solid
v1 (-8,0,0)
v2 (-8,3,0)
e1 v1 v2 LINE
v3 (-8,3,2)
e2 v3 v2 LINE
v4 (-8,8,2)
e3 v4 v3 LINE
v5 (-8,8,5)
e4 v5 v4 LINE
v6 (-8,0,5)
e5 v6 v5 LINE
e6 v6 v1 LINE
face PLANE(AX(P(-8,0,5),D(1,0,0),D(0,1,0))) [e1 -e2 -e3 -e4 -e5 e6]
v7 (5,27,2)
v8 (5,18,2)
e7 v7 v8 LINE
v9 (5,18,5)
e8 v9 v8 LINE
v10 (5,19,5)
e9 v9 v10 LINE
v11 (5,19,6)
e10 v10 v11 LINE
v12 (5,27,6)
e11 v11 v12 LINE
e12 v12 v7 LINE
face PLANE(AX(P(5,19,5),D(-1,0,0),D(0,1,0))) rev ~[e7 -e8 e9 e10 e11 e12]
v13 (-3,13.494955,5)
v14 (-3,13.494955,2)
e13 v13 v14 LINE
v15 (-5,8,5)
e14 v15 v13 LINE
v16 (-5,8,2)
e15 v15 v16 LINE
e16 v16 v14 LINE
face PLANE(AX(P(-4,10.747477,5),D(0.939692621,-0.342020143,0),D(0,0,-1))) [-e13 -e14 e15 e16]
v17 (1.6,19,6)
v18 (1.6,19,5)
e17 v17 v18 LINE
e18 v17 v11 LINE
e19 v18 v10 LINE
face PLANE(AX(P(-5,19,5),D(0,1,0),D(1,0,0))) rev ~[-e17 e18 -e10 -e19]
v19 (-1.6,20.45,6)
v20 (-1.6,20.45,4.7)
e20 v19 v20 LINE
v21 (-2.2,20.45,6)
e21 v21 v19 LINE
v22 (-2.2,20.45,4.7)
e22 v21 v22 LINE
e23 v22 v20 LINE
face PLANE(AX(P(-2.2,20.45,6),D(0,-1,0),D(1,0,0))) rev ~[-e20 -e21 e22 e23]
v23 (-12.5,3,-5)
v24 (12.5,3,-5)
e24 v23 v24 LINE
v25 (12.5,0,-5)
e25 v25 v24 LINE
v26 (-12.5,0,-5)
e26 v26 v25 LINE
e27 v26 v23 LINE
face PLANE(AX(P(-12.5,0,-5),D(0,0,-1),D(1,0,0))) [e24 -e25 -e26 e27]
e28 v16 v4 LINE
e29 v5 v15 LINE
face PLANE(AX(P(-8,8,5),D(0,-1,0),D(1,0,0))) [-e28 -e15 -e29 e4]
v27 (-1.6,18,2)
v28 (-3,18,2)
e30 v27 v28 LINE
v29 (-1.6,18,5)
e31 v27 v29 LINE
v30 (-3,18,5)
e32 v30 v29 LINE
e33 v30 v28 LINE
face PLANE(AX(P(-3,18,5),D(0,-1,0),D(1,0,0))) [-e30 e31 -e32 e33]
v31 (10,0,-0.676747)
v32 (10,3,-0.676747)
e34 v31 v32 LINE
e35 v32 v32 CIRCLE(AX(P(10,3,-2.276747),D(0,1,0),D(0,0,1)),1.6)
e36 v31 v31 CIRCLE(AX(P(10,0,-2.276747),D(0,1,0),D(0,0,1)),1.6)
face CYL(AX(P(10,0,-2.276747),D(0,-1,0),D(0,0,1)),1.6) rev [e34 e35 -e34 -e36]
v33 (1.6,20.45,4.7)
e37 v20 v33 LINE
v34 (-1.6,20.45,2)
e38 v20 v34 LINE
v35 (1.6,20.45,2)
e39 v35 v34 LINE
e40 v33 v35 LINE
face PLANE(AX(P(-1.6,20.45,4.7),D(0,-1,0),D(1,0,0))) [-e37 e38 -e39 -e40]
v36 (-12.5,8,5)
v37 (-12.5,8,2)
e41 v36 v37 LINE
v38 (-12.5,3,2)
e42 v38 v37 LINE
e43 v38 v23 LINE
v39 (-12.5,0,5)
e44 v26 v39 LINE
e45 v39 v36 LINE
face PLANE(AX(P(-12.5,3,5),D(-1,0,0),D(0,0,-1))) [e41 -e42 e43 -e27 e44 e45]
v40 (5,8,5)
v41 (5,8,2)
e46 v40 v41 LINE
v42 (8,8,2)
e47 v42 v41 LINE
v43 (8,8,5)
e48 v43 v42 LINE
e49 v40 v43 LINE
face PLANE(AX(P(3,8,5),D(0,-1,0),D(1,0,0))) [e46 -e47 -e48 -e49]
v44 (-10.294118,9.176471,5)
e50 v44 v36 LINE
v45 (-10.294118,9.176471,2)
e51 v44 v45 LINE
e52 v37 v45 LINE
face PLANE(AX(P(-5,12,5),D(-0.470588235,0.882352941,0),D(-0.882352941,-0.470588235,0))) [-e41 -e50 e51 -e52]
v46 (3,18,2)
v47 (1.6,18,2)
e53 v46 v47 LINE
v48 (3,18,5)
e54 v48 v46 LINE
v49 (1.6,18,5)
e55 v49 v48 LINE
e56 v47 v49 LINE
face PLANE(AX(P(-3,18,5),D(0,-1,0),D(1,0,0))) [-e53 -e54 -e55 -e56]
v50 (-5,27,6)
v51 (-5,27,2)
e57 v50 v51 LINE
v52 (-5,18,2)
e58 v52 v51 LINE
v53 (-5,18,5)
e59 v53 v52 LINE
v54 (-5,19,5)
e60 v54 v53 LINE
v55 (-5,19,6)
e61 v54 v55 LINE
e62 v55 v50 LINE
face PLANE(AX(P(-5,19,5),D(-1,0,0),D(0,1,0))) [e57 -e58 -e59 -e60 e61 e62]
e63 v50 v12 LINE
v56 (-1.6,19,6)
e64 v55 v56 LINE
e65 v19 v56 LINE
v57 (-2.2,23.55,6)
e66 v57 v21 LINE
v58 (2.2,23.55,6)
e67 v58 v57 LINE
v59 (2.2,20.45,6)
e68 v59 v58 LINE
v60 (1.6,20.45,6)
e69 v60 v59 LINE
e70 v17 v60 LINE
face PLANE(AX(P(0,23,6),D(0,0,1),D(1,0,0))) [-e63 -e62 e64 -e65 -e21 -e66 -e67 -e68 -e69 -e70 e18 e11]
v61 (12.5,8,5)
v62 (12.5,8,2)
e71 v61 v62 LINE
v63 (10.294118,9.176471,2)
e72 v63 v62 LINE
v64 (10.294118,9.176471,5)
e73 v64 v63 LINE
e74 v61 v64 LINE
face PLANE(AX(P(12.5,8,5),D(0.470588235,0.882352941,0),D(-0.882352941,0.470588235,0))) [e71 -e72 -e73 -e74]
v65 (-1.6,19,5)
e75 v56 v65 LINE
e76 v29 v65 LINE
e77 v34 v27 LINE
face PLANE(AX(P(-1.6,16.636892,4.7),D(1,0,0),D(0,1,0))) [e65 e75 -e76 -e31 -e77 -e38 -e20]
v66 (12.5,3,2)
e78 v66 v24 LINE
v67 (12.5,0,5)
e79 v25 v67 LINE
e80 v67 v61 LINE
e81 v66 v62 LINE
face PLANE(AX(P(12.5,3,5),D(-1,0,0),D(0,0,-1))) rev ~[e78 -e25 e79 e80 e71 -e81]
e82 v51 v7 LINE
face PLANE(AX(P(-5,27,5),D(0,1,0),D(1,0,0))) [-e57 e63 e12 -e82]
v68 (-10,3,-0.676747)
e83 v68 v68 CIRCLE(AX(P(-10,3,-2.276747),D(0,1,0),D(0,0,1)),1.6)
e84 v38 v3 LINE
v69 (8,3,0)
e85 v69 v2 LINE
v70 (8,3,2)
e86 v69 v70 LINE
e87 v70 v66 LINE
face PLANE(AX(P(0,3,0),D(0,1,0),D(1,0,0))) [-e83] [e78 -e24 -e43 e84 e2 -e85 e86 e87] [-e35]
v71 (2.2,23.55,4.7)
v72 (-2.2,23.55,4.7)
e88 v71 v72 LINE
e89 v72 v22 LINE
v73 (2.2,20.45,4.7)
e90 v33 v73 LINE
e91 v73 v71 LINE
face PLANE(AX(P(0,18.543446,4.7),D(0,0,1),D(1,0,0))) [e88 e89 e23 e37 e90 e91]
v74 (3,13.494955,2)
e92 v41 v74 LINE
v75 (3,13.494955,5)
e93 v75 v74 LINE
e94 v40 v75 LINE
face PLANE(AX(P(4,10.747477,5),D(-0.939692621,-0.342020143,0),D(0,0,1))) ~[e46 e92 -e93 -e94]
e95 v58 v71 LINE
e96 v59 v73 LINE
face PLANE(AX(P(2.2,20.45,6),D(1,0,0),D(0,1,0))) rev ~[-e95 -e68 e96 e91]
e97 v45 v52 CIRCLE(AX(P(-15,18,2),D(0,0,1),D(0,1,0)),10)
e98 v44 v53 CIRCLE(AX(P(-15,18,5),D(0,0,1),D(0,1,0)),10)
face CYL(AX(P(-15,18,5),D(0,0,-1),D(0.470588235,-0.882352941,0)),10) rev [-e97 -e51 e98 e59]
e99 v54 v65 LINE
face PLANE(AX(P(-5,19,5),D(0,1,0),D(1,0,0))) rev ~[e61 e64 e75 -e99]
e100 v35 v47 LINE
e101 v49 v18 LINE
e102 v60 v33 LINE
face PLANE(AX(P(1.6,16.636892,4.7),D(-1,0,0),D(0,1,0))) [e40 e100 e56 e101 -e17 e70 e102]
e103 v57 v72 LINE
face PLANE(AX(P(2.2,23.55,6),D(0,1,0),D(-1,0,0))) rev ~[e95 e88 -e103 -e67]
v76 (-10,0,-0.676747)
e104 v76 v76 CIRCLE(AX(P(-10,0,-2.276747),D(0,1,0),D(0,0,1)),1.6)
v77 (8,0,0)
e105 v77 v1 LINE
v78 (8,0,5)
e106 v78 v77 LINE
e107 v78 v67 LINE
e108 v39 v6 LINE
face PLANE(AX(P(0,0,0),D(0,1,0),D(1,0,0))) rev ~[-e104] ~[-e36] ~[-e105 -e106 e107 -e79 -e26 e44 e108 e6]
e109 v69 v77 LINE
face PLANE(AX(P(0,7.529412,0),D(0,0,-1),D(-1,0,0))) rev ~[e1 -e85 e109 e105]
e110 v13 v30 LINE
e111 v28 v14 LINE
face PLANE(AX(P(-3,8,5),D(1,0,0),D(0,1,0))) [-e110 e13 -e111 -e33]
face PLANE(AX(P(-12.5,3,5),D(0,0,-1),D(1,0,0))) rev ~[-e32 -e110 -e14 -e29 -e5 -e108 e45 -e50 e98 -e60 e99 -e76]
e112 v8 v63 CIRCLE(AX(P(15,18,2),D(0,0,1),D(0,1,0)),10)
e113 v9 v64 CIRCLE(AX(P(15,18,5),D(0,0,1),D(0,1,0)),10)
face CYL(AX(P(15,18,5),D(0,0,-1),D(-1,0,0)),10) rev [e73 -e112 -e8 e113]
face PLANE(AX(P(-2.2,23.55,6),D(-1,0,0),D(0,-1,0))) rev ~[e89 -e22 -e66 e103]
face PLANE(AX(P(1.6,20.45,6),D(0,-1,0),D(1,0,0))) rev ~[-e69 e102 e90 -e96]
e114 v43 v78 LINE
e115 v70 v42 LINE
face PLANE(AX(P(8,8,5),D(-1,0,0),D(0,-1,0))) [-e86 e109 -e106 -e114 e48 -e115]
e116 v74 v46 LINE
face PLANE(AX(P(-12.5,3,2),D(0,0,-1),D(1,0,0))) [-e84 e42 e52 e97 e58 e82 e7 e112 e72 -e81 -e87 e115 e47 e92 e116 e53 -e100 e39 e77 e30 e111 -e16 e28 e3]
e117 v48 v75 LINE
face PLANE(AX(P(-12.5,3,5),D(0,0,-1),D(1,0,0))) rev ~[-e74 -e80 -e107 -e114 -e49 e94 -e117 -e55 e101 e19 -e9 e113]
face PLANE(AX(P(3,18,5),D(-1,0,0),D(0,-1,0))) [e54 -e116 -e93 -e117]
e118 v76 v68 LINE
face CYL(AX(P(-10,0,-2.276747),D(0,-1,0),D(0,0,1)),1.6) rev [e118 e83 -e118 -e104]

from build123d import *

# Parameters (mm, degrees)
SKETCH7_W               = 25
SKETCH7_H               = 10
SKETCH7_R               = 1.6
BOSS_EXTRUDE3_DEPTH     = 3
SKETCH8_W               = 25
SKETCH8_H               = 3
BOSS_EXTRUDE4_DEPTH     = 24
CUT_EXTRUDE5_DEPTH      = 5
SKETCH10_OUTSIDE_W      = 34.626
SKETCH10_OUTSIDE_H      = 36.626
CUT_EXTRUDE6_DEPTH      = 5
SKETCH11_W              = 10
SKETCH11_H              = 8
BOSS_EXTRUDE5_DEPTH     = 1
CHAMFER1_SIZE           = 2
CHAMFER1_SIZE2          = 5.494954839
CHAMFER1_PART_2_SIZE    = 2
CHAMFER1_PART_2_SIZE2   = 5.494954839
CUT_EXTRUDE7_DEPTH      = 1.3
SKETCH14_W              = 3.2
SKETCH14_H              = 3.813108433
CUT_EXTRUDE9_DEPTH      = 2.3
CUT_EXTRUDE9_DEPTH_BACK = 10.7
FILLET3_R               = 10


with BuildPart() as part:
    # Sketch7 → Boss-Extrude3 (new body)
    with BuildSketch(Plane(origin=(0, 0, 0), x_dir=(1, 0, 0), z_dir=(0, 1, 0))):
        Rectangle(SKETCH7_W, SKETCH7_H)
        with Locations(Location((-10, 2.276747262, 0), (0, 0, 270))):  # turned: the seam where the file's is
            Circle(SKETCH7_R, mode=Mode.SUBTRACT)
        with Locations(Location((10, 2.276747262, 0), (0, 0, 270))):  # turned: the seam where the file's is
            Circle(SKETCH7_R, mode=Mode.SUBTRACT)
    extrude(amount=BOSS_EXTRUDE3_DEPTH)

    # Sketch8 → Boss-Extrude4 (add)
    with BuildSketch(Plane(origin=(0, 3, 0), x_dir=(1, 0, 0), z_dir=(0, 1, 0))):
        with Locations((0, -3.5)):
            Rectangle(SKETCH8_W, SKETCH8_H)
    extrude(amount=BOSS_EXTRUDE4_DEPTH)

    # Sketch9 → Cut-Extrude5 (cut)
    with BuildSketch(Plane.XY.offset(5)):
        Polygon((8, 8), (8, 0), (-8, 0), (-8, 8), (-3, 8), (-3, 18), (3, 18), (3, 8), align=None)
    extrude(amount=-CUT_EXTRUDE5_DEPTH, mode=Mode.SUBTRACT)

    # Sketch10 outside → Cut-Extrude6 (cut)
    with BuildSketch(Plane.XY.offset(5)):
        with Locations((0, 13.5)):
            Rectangle(SKETCH10_OUTSIDE_W, SKETCH10_OUTSIDE_H)
        Polygon((-5, 27), (-5, 12), (-12.5, 8), (-12.5, 0), (12.5, 0), (12.5, 8), (5, 12), (5, 27), align=None, mode=Mode.SUBTRACT)
    extrude(amount=-CUT_EXTRUDE6_DEPTH, mode=Mode.SUBTRACT)

    # Sketch11 → Boss-Extrude5 (add)
    with BuildSketch(Plane.XY.offset(5)):
        with Locations((0, 23)):
            Rectangle(SKETCH11_W, SKETCH11_H)
    extrude(amount=BOSS_EXTRUDE5_DEPTH)

    # Chamfer1
    chamfer1_edges = [part.edges().sort_by_distance(p)[0] for p in [
        (-3, 8, 3.5),
    ]]
    chamfer1_side = [part.faces().sort_by_distance(p)[0] for p in [
        (-5.5, 8, 3.5),
    ]]
    chamfer(chamfer1_edges, length=CHAMFER1_SIZE, length2=CHAMFER1_SIZE2, reference=chamfer1_side[0])

    # Chamfer1 part 2
    chamfer1_part_2_edges = [part.edges().sort_by_distance(p)[0] for p in [
        (3, 8, 3.5),
    ]]
    chamfer1_part_2_side = [part.faces().sort_by_distance(p)[0] for p in [
        (5.5, 8, 3.5),
    ]]
    chamfer(chamfer1_part_2_edges, length=CHAMFER1_PART_2_SIZE, length2=CHAMFER1_PART_2_SIZE2, reference=chamfer1_part_2_side[0])

    # Sketch12 → Cut-Extrude7 (cut)
    with BuildSketch(Plane.XY.offset(6)):
        Polygon((-2.2, 20.45), (-1.6, 20.45), (-1.6, 19), (1.6, 19), (1.6, 20.45), (2.2, 20.45), (2.2, 23.55), (-2.2, 23.55), align=None)
    extrude(amount=-CUT_EXTRUDE7_DEPTH, mode=Mode.SUBTRACT)

    # Sketch14 → Cut-Extrude9 (cut, two sides)
    with BuildSketch(Plane.XY.offset(4.7)) as cut_extrude9_sk:
        with Locations((0, 18.543445784)):
            Rectangle(SKETCH14_W, SKETCH14_H)
    extrude(amount=CUT_EXTRUDE9_DEPTH, mode=Mode.SUBTRACT)
    extrude(cut_extrude9_sk.sketch, amount=-CUT_EXTRUDE9_DEPTH_BACK, mode=Mode.SUBTRACT)

    # Fillet3
    fillet3_edges = [part.edges().sort_by_distance(p)[0] for p in [
        (-5, 12, 3.5),
        (5, 12, 3.5),
    ]]
    fillet(fillet3_edges, radius=FILLET3_R)


solid = part.part
